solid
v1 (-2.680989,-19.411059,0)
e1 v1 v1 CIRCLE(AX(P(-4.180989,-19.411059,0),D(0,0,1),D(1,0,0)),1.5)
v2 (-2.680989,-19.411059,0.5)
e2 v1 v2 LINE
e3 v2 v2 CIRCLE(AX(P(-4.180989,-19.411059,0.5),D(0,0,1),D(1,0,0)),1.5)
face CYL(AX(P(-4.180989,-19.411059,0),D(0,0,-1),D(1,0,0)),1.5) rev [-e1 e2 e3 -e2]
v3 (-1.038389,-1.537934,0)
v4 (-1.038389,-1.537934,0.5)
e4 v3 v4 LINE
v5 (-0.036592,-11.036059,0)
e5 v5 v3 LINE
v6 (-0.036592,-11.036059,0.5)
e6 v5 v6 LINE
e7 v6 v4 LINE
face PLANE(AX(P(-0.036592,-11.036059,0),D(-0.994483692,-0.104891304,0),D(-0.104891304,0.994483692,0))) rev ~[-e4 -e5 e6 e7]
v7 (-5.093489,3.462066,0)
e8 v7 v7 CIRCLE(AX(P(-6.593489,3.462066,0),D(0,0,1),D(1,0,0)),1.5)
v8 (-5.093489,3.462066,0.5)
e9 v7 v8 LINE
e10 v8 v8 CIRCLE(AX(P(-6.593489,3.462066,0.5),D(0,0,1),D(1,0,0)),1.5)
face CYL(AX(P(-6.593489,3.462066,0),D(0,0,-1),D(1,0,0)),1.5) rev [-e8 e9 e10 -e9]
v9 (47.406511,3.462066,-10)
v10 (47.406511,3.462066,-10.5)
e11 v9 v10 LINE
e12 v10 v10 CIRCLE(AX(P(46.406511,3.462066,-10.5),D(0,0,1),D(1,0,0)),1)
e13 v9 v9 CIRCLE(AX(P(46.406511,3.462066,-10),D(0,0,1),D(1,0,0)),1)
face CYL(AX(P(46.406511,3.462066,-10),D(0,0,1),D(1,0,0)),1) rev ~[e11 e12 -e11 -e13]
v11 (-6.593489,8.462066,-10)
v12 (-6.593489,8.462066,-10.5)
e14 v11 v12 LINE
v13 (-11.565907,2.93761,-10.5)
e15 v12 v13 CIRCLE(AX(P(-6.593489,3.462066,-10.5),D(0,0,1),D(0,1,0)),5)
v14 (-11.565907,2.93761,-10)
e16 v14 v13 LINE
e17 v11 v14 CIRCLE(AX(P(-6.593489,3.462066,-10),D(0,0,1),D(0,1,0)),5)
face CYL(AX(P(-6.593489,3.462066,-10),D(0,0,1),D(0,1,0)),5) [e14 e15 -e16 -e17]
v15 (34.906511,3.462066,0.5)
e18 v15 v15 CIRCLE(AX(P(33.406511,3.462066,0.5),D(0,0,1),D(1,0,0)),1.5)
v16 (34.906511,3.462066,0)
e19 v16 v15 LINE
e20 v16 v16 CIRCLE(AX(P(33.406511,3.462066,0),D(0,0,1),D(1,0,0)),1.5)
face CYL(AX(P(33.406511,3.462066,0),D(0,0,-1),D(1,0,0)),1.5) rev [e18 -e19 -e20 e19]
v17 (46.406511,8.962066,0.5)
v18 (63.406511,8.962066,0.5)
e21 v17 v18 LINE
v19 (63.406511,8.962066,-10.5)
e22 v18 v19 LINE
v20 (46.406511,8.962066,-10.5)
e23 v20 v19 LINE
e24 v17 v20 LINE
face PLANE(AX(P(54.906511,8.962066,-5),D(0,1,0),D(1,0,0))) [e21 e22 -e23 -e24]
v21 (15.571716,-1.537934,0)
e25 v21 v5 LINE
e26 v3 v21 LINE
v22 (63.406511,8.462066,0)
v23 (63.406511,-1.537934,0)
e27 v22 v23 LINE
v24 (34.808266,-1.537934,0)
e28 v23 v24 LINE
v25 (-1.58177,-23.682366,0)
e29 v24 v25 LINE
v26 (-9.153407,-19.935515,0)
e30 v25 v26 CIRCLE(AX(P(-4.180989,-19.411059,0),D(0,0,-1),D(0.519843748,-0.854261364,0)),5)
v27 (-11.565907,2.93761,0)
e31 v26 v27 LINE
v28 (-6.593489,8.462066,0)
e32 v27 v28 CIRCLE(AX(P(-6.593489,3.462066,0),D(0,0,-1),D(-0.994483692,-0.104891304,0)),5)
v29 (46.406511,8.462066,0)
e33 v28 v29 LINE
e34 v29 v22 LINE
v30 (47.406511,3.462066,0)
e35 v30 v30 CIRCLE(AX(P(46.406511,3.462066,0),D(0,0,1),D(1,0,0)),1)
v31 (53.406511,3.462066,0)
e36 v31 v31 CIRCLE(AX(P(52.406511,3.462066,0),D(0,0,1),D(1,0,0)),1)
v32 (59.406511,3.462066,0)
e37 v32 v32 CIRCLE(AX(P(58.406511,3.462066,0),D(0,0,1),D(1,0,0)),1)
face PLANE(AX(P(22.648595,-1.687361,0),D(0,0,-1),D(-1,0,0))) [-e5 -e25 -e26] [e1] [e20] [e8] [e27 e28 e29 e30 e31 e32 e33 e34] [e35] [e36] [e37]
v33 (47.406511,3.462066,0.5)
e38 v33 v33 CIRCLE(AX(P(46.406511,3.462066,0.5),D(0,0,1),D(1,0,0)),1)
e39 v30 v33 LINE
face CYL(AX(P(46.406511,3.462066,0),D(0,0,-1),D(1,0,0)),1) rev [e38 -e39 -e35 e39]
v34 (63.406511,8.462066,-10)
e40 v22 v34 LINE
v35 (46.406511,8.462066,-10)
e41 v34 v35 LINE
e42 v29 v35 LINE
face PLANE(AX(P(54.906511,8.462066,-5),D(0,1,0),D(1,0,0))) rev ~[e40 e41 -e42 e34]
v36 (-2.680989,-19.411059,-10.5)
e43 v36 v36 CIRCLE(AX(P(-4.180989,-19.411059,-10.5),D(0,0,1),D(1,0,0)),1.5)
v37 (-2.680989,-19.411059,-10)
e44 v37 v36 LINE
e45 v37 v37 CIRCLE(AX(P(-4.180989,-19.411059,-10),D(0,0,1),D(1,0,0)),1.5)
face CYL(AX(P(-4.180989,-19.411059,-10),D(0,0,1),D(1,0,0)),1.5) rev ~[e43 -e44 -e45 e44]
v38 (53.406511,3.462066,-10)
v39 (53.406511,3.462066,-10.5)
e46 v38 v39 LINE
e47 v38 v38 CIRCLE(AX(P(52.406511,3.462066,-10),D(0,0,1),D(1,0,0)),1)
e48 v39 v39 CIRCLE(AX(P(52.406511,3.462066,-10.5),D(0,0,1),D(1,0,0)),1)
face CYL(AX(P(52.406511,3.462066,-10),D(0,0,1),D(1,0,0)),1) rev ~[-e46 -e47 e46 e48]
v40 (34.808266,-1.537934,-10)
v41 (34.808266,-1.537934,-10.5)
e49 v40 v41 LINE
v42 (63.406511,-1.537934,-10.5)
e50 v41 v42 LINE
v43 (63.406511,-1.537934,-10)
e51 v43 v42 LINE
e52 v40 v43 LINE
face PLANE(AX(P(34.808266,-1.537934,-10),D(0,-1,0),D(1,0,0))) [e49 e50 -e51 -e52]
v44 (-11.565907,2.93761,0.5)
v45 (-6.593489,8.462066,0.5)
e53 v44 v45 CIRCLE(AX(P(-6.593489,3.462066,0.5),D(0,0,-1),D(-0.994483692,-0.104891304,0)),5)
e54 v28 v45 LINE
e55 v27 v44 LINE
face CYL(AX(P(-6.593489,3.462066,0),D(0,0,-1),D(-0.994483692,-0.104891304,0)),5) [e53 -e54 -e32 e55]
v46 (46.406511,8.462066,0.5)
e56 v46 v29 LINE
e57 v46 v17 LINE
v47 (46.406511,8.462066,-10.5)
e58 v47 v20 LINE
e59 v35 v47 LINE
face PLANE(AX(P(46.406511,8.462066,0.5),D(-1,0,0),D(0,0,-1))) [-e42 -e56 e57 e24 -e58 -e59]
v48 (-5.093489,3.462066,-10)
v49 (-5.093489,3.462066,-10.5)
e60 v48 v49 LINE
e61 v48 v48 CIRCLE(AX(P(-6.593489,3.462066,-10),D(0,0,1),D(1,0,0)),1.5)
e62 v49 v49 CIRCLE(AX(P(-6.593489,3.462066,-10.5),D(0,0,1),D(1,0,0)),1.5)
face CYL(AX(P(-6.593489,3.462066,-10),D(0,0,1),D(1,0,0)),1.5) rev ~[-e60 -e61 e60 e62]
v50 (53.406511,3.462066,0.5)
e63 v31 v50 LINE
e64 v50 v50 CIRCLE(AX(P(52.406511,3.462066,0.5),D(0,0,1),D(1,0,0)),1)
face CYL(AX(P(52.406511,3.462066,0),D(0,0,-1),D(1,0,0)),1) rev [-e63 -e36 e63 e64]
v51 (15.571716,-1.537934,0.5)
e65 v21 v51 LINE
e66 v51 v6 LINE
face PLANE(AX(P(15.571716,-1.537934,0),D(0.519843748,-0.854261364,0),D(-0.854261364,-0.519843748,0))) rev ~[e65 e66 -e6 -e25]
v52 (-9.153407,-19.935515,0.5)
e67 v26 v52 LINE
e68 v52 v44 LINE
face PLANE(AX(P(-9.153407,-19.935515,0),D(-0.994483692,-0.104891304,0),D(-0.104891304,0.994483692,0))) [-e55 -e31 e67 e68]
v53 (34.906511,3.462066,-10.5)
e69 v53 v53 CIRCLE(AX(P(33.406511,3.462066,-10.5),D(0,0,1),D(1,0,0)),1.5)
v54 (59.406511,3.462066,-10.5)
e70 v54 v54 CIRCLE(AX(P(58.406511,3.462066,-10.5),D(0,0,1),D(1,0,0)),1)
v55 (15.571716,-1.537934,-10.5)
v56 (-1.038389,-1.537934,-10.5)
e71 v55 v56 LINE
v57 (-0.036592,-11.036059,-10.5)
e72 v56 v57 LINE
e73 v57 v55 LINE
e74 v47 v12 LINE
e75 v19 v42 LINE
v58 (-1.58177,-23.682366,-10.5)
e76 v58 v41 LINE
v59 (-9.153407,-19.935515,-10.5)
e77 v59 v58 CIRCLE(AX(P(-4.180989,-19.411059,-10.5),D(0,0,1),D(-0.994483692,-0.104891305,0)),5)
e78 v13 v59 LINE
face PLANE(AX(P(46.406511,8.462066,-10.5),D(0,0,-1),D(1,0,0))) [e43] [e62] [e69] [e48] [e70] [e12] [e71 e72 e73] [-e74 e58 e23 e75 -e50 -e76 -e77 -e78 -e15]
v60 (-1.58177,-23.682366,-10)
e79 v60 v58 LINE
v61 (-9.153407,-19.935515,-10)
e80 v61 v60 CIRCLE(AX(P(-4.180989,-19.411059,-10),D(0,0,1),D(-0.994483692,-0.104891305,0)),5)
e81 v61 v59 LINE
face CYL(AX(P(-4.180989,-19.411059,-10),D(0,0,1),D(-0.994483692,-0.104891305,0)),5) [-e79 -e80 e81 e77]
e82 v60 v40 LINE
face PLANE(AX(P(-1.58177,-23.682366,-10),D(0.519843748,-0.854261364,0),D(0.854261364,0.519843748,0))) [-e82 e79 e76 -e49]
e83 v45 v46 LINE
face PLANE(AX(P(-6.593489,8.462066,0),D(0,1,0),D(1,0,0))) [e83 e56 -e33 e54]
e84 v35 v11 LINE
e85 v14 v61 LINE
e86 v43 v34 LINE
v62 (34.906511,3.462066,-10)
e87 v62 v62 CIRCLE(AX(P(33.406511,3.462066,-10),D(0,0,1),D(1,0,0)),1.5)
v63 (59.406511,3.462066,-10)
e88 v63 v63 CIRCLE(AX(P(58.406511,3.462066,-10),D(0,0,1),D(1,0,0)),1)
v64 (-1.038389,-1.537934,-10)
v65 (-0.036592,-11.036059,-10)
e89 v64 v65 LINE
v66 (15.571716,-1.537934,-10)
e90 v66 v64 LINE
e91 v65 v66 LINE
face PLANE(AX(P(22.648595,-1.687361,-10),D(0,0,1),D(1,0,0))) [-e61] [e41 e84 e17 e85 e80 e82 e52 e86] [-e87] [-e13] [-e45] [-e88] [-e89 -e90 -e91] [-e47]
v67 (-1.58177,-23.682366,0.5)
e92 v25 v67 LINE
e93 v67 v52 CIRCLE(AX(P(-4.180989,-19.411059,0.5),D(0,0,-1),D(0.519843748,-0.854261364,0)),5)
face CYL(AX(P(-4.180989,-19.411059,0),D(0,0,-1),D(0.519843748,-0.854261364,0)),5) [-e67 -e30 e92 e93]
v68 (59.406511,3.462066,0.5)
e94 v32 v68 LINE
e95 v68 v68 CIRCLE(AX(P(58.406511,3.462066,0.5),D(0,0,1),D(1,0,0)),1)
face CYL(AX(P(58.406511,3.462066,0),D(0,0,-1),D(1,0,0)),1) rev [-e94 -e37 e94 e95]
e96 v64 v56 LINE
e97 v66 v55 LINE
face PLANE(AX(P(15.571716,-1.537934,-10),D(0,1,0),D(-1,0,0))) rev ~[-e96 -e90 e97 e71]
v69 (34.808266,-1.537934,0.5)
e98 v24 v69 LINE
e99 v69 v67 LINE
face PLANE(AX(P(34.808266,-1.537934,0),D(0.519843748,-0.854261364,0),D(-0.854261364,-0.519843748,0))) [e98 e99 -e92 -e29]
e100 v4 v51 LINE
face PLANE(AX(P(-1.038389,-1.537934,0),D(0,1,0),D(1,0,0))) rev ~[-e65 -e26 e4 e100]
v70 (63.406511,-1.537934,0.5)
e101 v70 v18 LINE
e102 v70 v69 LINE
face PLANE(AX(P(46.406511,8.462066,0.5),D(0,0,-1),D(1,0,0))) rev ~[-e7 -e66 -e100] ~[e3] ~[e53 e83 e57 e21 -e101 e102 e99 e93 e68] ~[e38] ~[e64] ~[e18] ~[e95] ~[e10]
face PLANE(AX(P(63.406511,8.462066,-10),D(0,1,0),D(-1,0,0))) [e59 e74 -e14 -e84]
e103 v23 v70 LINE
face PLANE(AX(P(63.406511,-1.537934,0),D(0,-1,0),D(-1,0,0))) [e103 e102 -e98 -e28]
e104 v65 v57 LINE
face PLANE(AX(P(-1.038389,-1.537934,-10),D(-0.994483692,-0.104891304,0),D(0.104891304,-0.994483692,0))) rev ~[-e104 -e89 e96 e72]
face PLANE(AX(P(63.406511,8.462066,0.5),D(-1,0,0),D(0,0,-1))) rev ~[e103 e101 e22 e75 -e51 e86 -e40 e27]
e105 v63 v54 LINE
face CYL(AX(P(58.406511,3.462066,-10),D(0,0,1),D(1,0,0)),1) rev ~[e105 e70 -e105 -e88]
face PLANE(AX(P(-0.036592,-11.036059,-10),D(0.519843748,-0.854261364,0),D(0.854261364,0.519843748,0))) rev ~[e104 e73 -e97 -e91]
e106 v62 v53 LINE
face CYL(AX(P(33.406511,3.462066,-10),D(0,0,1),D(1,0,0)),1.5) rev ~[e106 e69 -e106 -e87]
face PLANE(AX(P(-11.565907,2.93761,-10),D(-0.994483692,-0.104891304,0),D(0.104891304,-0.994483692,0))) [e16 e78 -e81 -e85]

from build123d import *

# Parameters (mm, degrees)
SKETCH_1_R      = 1.5
SKETCH_1_R_2    = 1
EXTRUDE_1_DEPTH = 0.5
SKETCH_2_R      = 1.5
SKETCH_2_R_2    = 1
EXTRUDE_2_DEPTH = 0.5
SKETCH_3_W      = 17
SKETCH_3_H      = 11
EXTRUDE_3_DEPTH = 0.5


with BuildPart() as part:
    # 草图1 → 凸台-拉伸1 (new body)
    with BuildSketch(Plane.XY):
        with BuildLine():
            Line((-6.593488685, 8.462066188), (63.406511315, 8.462066188))
            Line((63.406511315, 8.462066188), (63.406511315, -1.537933812))
            Line((63.406511315, -1.537933812), (34.808265562, -1.537933812))
            Line((34.808265562, -1.537933812), (-1.581769944, -23.682365554))
            ThreePointArc((-1.581769944, -23.682365554), (-6.398586713, -23.892382087), (-9.153407147, -19.935515257))
            Line((-9.153407147, -19.935515257), (-11.565907147, 2.937609666))
            ThreePointArc((-11.565907147, 2.937609666), (-10.309823076, 6.807041329), (-6.593488685, 8.462066188))
        make_face()
        with Locations((-6.593488685, 3.462066188)):
            Circle(SKETCH_1_R, mode=Mode.SUBTRACT)
        with Locations((33.406511315, 3.462066188)):
            Circle(SKETCH_1_R, mode=Mode.SUBTRACT)
        with Locations((-4.180988685, -19.411058735)):
            Circle(SKETCH_1_R, mode=Mode.SUBTRACT)
        with Locations((58.406511315, 3.462066188)):
            Circle(SKETCH_1_R_2, mode=Mode.SUBTRACT)
        with Locations((52.406511315, 3.462066188)):
            Circle(SKETCH_1_R_2, mode=Mode.SUBTRACT)
        with Locations((46.406511315, 3.462066188)):
            Circle(SKETCH_1_R_2, mode=Mode.SUBTRACT)
        Polygon((-1.038388522, -1.537933812), (15.571716053, -1.537933812), (-0.03659159, -11.036058735), align=None, mode=Mode.SUBTRACT)
    extrude(amount=EXTRUDE_1_DEPTH)



with BuildPart() as body_2:
    # 草图2 → 凸台-拉伸2 (new body)
    with BuildSketch(Plane.XY.offset(-10)):
        with BuildLine():
            Line((-1.581769944, -23.682365554), (34.808265562, -1.537933812))
            Line((34.808265562, -1.537933812), (63.406511315, -1.537933812))
            Line((63.406511315, -1.537933812), (63.406511315, 8.462066188))
            Line((63.406511315, 8.462066188), (-6.593488685, 8.462066188))
            ThreePointArc((-6.593488685, 8.462066188), (-10.309823076, 6.807041329), (-11.565907147, 2.937609666))
            Line((-11.565907147, 2.937609666), (-9.153407147, -19.935515257))
            ThreePointArc((-9.153407147, -19.935515257), (-6.398586713, -23.892382087), (-1.581769944, -23.682365554))
        make_face()
        with Locations((-4.180988685, -19.411058735)):
            Circle(SKETCH_2_R, mode=Mode.SUBTRACT)
        with Locations((33.406511315, 3.462066188)):
            Circle(SKETCH_2_R, mode=Mode.SUBTRACT)
        with Locations((-6.593488685, 3.462066188)):
            Circle(SKETCH_2_R, mode=Mode.SUBTRACT)
        with Locations((52.406511315, 3.462066188)):
            Circle(SKETCH_2_R_2, mode=Mode.SUBTRACT)
        with Locations((58.406511315, 3.462066188)):
            Circle(SKETCH_2_R_2, mode=Mode.SUBTRACT)
        with Locations((46.406511315, 3.462066188)):
            Circle(SKETCH_2_R_2, mode=Mode.SUBTRACT)
        Polygon((-0.03659159, -11.036058735), (15.571716053, -1.537933812), (-1.038388522, -1.537933812), align=None, mode=Mode.SUBTRACT)
    extrude(amount=-EXTRUDE_2_DEPTH)


with BuildPart() as part_1:
    add(part.part)

    add(body_2.part)  # 凸台-拉伸3 merges body 2
    # 草图3 → 凸台-拉伸3 (add)
    with BuildSketch(Plane(origin=(0, 8.462066188, 0), x_dir=(1, 0, 0), z_dir=(0, 1, 0))):
        with Locations((54.906511315, 5)):
            Rectangle(SKETCH_3_W, SKETCH_3_H)
    extrude(amount=EXTRUDE_3_DEPTH)


solid = part_1.part
